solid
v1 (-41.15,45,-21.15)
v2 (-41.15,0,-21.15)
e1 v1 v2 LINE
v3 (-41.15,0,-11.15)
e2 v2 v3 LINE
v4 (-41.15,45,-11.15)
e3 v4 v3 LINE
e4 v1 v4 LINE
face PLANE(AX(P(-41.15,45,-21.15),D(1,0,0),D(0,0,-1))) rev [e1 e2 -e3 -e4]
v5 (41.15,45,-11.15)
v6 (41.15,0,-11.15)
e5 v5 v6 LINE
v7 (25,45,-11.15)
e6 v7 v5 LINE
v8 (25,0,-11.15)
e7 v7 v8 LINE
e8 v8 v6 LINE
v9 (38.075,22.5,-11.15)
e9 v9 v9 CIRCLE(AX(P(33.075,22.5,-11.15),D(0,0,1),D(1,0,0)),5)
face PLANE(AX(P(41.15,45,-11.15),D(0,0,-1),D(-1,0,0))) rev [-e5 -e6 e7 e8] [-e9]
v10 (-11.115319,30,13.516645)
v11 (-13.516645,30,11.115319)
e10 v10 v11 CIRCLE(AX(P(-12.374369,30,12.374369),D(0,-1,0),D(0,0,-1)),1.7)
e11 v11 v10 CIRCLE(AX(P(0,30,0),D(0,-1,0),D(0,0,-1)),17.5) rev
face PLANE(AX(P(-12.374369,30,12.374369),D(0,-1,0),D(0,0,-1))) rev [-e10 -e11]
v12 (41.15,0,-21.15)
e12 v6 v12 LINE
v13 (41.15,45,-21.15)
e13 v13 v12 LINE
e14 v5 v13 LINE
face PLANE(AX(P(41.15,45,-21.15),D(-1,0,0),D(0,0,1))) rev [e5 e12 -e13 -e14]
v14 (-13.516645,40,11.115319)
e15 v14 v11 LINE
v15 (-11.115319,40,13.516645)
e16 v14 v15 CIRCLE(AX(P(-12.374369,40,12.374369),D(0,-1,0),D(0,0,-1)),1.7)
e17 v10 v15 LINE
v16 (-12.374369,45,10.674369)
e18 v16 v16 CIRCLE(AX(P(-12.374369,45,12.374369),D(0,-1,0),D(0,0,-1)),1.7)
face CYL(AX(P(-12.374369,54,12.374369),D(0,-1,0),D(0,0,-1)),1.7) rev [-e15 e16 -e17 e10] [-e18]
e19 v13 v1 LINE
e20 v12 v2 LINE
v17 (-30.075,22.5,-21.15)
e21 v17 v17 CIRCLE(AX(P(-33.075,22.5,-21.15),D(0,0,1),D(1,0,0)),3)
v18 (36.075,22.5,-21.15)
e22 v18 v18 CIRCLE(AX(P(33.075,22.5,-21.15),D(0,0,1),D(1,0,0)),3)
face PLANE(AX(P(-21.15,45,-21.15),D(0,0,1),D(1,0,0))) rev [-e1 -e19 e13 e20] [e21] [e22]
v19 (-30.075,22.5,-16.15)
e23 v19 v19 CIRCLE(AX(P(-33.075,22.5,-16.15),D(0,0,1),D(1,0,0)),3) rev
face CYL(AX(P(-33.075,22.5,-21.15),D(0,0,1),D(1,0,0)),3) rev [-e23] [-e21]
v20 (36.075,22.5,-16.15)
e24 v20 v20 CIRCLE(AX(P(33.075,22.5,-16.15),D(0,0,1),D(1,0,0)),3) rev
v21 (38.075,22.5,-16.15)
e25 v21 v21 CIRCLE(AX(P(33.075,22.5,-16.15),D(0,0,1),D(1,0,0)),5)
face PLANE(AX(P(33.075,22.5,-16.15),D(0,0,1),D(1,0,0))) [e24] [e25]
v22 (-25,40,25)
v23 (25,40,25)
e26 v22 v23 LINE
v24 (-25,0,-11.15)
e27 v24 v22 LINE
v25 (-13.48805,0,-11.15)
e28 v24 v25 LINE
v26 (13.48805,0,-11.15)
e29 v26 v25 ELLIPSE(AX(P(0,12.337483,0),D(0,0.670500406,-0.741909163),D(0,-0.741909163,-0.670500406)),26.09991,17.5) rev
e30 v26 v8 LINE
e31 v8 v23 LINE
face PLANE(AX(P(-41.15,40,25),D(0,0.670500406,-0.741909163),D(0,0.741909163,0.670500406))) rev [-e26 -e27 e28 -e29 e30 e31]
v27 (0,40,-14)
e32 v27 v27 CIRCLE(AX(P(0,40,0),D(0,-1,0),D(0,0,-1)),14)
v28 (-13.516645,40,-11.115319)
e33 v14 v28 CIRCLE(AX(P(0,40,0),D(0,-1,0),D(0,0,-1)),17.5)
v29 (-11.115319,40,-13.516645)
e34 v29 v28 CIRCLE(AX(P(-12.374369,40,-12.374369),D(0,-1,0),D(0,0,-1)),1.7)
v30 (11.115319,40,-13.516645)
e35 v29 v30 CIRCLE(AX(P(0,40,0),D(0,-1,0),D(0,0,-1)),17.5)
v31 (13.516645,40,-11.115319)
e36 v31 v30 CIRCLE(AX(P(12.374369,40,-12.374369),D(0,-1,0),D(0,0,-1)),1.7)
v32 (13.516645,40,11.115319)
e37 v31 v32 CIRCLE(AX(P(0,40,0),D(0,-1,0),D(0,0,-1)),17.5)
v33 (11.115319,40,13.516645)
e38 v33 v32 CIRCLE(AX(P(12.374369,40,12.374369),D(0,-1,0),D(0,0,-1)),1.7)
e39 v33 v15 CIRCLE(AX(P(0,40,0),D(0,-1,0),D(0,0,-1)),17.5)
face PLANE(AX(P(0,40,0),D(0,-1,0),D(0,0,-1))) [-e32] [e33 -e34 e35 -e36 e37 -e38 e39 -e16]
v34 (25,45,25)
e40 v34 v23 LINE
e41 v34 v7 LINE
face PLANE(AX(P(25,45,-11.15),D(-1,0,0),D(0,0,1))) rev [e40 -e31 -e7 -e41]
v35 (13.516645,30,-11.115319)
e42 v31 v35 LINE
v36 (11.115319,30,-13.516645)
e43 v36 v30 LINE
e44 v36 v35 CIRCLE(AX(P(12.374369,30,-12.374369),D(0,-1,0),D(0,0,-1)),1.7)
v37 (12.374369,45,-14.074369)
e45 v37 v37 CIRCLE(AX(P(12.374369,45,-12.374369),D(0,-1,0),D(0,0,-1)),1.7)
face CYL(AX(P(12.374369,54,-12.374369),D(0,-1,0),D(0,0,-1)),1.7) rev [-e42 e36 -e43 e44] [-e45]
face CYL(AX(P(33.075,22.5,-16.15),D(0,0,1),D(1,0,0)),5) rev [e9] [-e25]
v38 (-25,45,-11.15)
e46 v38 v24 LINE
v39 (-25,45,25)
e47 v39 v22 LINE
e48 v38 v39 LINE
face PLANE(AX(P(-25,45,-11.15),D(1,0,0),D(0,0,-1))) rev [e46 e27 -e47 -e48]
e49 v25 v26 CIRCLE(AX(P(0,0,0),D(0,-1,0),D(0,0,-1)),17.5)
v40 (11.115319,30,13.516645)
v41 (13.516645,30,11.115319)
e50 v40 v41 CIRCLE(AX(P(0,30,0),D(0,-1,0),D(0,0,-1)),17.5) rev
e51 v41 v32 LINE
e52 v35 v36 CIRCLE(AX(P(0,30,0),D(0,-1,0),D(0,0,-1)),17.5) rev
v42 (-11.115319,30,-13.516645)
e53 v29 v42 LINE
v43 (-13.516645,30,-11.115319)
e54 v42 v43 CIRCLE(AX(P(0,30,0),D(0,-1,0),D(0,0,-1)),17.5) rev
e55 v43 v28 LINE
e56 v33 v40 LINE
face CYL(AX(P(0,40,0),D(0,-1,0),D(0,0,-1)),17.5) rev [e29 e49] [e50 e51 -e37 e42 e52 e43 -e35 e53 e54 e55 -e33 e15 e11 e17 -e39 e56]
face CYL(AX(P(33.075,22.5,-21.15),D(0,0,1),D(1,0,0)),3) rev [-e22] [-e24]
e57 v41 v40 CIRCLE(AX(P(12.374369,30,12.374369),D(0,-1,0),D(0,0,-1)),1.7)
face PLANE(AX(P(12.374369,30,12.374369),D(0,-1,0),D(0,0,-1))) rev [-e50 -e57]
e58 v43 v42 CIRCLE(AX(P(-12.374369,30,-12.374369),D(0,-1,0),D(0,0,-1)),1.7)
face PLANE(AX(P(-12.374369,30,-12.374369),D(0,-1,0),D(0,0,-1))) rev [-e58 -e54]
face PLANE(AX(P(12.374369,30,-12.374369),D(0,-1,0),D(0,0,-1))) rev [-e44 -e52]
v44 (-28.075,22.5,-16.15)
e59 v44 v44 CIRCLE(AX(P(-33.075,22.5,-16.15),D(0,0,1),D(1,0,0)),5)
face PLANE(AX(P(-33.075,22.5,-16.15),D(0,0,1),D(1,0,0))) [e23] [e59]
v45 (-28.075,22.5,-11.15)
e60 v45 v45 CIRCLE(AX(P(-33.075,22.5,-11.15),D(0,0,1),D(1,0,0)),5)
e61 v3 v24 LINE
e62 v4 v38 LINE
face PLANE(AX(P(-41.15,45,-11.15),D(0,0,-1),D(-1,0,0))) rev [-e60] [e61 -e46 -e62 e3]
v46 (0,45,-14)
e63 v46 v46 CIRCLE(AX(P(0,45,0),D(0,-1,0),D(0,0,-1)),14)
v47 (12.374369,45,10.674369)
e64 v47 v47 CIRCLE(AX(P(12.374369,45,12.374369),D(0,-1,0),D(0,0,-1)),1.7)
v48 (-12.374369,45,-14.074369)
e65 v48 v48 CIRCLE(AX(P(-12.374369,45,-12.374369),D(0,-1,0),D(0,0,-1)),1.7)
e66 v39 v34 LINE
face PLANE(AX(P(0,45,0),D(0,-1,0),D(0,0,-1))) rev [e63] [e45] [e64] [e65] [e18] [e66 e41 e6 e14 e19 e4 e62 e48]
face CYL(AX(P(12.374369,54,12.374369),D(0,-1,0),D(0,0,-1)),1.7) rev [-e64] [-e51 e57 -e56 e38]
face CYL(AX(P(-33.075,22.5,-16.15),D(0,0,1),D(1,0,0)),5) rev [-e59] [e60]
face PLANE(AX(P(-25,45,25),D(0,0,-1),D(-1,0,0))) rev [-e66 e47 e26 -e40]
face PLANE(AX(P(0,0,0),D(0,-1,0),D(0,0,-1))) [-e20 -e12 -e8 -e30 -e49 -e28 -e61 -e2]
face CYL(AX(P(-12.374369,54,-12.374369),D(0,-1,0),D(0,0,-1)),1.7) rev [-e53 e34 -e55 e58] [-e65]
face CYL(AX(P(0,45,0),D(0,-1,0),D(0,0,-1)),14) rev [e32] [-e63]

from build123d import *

# Parameters (mm, degrees)
EXTRUDE_1_DEPTH          = 45
SKETCH_2_R               = 17.5
CUT_EXTRUDE_1_DEPTH      = 40
SKETCH_3_R               = 14
CUT_EXTRUDE_2_DEPTH      = 63.596505494
CUT_EXTRUDE_3_DEPTH      = 10
CUT_EXTRUDE_3_DEPTH_BACK = 14
SKETCH_4_R               = 1.7
SKETCH_5_R               = 3
CUT_EXTRUDE_4_DEPTH      = 71.888257138
SKETCH_6_R               = 5
CUT_EXTRUDE_5_DEPTH      = 5
CUT_EXTRUDE_6_DEPTH      = 84.820179551


with BuildPart() as part:
    # Эскиз1 → Бобышка-Вытянуть1 (new body)
    with BuildSketch(Plane(origin=(0, 0, 0), x_dir=(1, 0, 0), z_dir=(0, 1, 0))):
        Polygon((-21.15, 21.15), (21.15, 21.15), (41.15, 21.15), (41.15, 11.15), (25, 11.15), (25, -25), (-25, -25), (-25, 11.15), (-41.15, 11.15), (-41.15, 21.15), align=None)
    extrude(amount=EXTRUDE_1_DEPTH)

    # Эскиз2 → Вырез-Вытянуть1 (cut)
    with BuildSketch(Plane.XZ):
        with Locations(Location((0, 0, 0), (0, 0, 270))):
            Circle(SKETCH_2_R)
    extrude(amount=-CUT_EXTRUDE_1_DEPTH, mode=Mode.SUBTRACT)

    # Эскиз3 → Вырез-Вытянуть2 (cut, through all)
    with BuildSketch(Plane.XZ.offset(-40)):
        with Locations(Location((0, 0, 0), (0, 0, 270))):
            Circle(SKETCH_3_R)
    extrude(amount=-CUT_EXTRUDE_2_DEPTH, mode=Mode.SUBTRACT)

    # Эскиз4 → Вырез-Вытянуть3 (cut, two sides: drawn at the far end of the back side and taken through both)
    with BuildSketch(Plane.XZ.offset(-40).offset(-CUT_EXTRUDE_3_DEPTH_BACK)):
        with Locations(Location((-12.374368671, -12.374368671, 0), (0, 0, 270))):
            Circle(SKETCH_4_R)
        with Locations(Location((12.374368671, -12.374368671, 0), (0, 0, 270))):
            Circle(SKETCH_4_R)
        with Locations(Location((12.374368671, 12.374368671, 0), (0, 0, 270))):
            Circle(SKETCH_4_R)
        with Locations(Location((-12.374368671, 12.374368671, 0), (0, 0, 270))):
            Circle(SKETCH_4_R)
    extrude(amount=CUT_EXTRUDE_3_DEPTH + CUT_EXTRUDE_3_DEPTH_BACK, mode=Mode.SUBTRACT)

    # Эскиз5 → Вырез-Вытянуть4 (cut, through all)
    with BuildSketch(Plane.XY.offset(-11.15)):
        with Locations((-33.075, 22.5)):
            Circle(SKETCH_5_R)
        with Locations((33.075, 22.5)):
            Circle(SKETCH_5_R)
    extrude(amount=-CUT_EXTRUDE_4_DEPTH, mode=Mode.SUBTRACT)

    # Эскиз6 → Вырез-Вытянуть5 (cut)
    with BuildSketch(Plane.XY.offset(-11.15)):
        with Locations((-33.075, 22.5)):
            Circle(SKETCH_6_R)
        with Locations((33.075, 22.5)):
            Circle(SKETCH_6_R)
    extrude(amount=-CUT_EXTRUDE_5_DEPTH, mode=Mode.SUBTRACT)

    # Эскиз7 → Вырез-Вытянуть6 (cut, through all)
    with BuildSketch(Plane(origin=(25, 0, 0), x_dir=(0, 0, -1), z_dir=(1, 0, 0))):
        Polygon((-25, 40), (11.15, 0), (-25, 0), align=None)
    extrude(amount=-CUT_EXTRUDE_6_DEPTH, mode=Mode.SUBTRACT)


solid = part.part
